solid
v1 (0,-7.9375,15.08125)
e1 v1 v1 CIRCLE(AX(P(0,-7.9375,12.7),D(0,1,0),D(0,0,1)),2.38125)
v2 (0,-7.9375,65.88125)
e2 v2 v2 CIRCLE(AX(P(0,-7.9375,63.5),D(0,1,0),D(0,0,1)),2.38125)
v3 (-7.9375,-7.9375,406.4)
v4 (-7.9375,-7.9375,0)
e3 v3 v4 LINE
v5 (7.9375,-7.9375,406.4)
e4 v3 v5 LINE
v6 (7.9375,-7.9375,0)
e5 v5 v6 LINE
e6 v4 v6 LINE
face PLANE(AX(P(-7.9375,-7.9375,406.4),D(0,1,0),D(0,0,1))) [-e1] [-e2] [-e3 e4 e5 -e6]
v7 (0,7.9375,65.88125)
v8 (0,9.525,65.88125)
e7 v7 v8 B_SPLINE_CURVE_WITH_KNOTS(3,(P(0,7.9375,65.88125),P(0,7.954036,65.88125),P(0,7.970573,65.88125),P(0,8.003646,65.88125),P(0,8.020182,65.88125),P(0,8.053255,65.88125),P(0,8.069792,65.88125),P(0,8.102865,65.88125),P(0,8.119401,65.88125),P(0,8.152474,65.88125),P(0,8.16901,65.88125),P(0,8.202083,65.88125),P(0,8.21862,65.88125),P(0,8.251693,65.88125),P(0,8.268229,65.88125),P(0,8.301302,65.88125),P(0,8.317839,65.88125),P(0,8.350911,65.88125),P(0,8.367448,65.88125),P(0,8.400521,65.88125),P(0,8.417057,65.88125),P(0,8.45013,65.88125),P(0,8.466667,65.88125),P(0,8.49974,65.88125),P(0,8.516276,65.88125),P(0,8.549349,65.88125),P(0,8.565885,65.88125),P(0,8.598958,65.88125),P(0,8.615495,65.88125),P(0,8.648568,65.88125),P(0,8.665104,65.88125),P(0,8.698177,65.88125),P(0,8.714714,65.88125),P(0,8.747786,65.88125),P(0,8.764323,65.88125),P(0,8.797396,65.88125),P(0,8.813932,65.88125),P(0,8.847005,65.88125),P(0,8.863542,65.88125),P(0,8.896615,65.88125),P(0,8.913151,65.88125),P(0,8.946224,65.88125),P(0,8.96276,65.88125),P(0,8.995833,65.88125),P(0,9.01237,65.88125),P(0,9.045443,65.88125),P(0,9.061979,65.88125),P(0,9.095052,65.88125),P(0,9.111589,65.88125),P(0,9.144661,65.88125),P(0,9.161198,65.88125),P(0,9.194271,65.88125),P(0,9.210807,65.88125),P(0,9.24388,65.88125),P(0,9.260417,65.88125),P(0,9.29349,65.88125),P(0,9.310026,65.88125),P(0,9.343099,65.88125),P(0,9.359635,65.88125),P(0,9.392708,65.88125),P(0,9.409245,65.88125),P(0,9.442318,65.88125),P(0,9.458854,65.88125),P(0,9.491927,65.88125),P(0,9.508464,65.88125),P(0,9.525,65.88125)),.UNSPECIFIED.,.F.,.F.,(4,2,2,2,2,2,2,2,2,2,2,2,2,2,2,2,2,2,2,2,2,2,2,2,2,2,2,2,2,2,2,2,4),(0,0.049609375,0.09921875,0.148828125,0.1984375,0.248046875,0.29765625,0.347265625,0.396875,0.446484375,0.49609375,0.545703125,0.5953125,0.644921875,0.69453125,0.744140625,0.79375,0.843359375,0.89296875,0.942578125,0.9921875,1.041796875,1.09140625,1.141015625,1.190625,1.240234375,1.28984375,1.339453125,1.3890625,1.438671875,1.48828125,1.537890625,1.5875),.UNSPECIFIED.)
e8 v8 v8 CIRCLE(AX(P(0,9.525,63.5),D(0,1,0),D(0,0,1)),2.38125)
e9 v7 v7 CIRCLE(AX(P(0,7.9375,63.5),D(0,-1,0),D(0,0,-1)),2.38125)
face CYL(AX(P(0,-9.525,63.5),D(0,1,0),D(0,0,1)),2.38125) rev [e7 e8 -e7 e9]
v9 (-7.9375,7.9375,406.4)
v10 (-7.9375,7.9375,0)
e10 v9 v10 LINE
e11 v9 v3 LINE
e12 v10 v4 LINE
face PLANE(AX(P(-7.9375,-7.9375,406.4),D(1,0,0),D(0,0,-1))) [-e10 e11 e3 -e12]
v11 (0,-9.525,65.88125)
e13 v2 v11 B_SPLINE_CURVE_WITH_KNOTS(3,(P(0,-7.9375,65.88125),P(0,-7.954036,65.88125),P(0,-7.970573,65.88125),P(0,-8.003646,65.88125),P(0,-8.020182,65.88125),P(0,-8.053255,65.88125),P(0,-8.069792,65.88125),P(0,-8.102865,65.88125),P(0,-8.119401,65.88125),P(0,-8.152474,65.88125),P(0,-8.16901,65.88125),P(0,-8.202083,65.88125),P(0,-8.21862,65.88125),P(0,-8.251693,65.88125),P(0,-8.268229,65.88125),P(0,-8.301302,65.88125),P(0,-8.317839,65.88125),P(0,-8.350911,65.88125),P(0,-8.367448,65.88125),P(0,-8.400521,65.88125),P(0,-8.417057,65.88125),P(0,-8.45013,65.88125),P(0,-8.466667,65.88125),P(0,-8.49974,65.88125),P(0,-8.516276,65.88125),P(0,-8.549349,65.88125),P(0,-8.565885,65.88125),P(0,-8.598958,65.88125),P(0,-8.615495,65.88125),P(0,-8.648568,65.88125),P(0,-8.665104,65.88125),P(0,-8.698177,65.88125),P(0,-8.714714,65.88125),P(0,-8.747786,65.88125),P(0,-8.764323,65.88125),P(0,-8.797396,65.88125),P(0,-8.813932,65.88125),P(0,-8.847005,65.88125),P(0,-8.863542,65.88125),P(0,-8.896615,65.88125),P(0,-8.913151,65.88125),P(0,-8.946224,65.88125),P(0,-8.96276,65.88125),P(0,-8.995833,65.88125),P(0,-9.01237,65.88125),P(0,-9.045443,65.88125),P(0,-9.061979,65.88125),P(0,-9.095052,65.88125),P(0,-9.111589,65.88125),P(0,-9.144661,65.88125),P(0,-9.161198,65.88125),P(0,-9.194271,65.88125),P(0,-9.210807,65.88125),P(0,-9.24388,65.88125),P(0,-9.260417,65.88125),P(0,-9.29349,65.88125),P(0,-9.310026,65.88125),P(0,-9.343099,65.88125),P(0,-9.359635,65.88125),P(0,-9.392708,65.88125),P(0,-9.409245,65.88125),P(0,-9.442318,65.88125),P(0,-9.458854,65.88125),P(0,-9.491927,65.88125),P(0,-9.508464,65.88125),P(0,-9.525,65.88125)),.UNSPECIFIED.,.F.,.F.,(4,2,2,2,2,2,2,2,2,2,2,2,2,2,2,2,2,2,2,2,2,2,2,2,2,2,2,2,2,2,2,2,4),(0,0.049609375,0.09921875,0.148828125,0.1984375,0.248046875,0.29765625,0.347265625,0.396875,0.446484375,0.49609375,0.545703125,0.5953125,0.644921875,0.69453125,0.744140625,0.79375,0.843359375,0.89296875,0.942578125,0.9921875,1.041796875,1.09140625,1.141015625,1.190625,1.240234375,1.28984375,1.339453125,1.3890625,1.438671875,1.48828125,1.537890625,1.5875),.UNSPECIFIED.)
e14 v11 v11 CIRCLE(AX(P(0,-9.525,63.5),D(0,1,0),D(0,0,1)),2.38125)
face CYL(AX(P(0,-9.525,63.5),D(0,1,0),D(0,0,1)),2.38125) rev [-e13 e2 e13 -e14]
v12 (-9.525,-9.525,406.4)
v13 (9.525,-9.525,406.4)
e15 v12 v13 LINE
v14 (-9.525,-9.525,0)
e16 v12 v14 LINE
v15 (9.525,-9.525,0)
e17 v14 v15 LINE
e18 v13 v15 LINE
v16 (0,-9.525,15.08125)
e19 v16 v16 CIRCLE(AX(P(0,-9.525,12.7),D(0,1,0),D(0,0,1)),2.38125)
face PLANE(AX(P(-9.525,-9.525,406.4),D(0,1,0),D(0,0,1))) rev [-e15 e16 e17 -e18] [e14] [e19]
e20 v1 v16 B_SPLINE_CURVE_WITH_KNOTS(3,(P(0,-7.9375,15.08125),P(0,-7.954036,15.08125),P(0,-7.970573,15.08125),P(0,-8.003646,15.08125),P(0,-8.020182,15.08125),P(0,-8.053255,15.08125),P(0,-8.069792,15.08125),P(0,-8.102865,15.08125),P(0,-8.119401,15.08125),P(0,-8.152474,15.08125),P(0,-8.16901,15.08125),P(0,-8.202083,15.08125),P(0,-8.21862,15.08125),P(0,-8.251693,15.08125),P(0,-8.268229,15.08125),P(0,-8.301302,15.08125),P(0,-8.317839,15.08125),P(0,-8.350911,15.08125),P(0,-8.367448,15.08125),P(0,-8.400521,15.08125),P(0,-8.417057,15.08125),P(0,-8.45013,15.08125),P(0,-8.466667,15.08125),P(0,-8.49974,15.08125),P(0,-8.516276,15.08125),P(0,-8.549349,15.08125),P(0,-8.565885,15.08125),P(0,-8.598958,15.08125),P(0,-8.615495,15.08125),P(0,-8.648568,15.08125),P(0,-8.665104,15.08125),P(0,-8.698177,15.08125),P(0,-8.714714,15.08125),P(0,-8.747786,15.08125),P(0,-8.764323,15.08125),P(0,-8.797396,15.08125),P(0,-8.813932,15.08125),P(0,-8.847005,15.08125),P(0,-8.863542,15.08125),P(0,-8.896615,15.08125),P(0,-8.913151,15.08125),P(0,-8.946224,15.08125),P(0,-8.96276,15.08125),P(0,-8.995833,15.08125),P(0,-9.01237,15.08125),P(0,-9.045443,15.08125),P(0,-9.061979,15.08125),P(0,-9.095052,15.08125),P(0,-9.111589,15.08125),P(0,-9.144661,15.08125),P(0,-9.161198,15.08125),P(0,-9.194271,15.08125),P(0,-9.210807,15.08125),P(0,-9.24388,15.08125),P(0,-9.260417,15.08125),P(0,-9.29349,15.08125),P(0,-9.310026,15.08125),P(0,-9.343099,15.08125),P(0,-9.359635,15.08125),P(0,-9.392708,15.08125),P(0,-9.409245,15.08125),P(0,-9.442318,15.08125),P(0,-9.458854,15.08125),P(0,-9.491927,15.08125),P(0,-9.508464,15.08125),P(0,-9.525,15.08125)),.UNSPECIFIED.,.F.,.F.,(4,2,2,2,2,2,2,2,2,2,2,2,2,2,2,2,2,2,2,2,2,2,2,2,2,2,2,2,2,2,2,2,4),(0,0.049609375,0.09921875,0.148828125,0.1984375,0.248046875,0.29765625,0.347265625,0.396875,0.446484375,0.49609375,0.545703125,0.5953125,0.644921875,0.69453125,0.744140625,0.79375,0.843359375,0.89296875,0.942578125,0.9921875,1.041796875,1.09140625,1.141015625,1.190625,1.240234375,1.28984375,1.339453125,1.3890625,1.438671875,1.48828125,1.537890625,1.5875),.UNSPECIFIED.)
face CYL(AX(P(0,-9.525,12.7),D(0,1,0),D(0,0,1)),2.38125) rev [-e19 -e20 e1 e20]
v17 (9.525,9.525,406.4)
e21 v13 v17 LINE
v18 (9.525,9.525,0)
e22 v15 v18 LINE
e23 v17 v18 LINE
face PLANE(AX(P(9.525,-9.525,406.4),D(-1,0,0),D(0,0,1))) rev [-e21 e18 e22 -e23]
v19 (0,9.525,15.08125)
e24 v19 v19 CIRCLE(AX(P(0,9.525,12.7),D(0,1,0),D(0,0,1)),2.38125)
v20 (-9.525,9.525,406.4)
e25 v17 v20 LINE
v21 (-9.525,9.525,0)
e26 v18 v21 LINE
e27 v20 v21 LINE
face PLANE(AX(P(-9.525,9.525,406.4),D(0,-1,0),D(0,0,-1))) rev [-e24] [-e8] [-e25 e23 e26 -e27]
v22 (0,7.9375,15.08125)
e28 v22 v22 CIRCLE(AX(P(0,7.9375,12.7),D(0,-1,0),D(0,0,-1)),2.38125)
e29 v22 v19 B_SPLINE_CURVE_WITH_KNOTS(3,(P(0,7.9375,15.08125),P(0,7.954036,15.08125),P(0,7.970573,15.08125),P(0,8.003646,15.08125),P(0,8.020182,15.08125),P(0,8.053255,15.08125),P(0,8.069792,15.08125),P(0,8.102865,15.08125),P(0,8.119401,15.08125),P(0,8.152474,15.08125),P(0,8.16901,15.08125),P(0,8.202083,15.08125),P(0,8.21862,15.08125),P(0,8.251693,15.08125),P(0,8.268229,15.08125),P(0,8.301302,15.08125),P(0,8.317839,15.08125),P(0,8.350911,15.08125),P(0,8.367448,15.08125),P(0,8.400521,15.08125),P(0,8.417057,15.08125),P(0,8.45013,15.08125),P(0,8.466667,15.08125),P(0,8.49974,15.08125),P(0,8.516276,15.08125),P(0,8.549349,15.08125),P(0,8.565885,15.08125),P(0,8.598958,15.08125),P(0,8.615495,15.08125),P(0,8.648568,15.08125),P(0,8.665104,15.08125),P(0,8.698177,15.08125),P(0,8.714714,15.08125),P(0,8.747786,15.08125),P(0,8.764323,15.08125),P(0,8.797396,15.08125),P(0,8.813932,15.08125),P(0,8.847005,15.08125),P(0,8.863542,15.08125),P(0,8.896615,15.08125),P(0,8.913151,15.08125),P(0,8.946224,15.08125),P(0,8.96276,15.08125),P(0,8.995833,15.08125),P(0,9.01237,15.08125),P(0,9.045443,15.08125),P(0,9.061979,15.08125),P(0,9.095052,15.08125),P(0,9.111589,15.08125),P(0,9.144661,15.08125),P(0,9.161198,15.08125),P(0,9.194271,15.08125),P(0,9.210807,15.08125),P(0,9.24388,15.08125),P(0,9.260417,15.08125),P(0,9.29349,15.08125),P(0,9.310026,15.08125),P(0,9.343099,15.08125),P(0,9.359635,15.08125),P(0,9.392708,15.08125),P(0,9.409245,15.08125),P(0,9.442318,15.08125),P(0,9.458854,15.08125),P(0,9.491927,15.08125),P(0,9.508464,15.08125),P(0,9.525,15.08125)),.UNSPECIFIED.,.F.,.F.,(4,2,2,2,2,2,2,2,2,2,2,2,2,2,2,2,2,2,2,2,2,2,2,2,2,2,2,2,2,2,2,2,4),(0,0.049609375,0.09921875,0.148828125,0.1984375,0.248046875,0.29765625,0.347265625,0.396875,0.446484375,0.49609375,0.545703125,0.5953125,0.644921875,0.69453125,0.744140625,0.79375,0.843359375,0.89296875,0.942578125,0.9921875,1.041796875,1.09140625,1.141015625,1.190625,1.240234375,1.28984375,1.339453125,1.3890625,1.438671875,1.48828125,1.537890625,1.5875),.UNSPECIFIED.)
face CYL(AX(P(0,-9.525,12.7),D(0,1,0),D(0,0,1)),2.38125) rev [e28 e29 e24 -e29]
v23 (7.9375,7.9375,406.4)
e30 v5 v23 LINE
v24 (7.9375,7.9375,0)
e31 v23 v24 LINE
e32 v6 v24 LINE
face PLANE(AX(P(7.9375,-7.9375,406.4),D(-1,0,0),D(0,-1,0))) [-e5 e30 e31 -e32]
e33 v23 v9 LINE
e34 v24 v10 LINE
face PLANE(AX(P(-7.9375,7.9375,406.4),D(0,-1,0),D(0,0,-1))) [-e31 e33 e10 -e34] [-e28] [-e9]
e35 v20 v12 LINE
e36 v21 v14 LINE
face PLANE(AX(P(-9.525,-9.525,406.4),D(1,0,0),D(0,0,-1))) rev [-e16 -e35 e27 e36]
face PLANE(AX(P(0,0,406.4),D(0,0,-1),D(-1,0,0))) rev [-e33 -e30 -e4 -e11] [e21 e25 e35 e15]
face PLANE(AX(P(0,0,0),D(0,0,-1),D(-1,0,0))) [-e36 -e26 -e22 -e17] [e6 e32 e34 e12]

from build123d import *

# Parameters (mm, degrees)
SKETCH1_W               = 19.05
SKETCH1_H               = 19.05
SKETCH1_W_2             = 15.875
SKETCH1_H_2             = 15.875
BOSS_EXTRUDE1_DEPTH     = 406.4
CUT_EXTRUDE1_DEPTH      = 407.623180906
CUT_EXTRUDE1_DEPTH_BACK = 407.623180906
SKETCH2_R               = 2.38125


with BuildPart() as part:
    # Sketch1 → Boss-Extrude1 (new body)
    with BuildSketch(Plane.XY):
        Rectangle(SKETCH1_W, SKETCH1_H)
        Rectangle(SKETCH1_W_2, SKETCH1_H_2, mode=Mode.SUBTRACT)
    extrude(amount=BOSS_EXTRUDE1_DEPTH)

    # Sketch2 → Cut-Extrude1 (cut, two sides: drawn at the far end of the back side and taken through both)
    with BuildSketch(Plane(origin=(0, 0, 0), x_dir=(1, 0, 0), z_dir=(0, 1, 0)).offset(-CUT_EXTRUDE1_DEPTH_BACK)):
        with Locations(Location((0, -12.7, 0), (0, 0, 270))):
            Circle(SKETCH2_R)
        with Locations(Location((0, -63.5, 0), (0, 0, 270))):
            Circle(SKETCH2_R)
    extrude(amount=CUT_EXTRUDE1_DEPTH + CUT_EXTRUDE1_DEPTH_BACK, mode=Mode.SUBTRACT)


solid = part.part
